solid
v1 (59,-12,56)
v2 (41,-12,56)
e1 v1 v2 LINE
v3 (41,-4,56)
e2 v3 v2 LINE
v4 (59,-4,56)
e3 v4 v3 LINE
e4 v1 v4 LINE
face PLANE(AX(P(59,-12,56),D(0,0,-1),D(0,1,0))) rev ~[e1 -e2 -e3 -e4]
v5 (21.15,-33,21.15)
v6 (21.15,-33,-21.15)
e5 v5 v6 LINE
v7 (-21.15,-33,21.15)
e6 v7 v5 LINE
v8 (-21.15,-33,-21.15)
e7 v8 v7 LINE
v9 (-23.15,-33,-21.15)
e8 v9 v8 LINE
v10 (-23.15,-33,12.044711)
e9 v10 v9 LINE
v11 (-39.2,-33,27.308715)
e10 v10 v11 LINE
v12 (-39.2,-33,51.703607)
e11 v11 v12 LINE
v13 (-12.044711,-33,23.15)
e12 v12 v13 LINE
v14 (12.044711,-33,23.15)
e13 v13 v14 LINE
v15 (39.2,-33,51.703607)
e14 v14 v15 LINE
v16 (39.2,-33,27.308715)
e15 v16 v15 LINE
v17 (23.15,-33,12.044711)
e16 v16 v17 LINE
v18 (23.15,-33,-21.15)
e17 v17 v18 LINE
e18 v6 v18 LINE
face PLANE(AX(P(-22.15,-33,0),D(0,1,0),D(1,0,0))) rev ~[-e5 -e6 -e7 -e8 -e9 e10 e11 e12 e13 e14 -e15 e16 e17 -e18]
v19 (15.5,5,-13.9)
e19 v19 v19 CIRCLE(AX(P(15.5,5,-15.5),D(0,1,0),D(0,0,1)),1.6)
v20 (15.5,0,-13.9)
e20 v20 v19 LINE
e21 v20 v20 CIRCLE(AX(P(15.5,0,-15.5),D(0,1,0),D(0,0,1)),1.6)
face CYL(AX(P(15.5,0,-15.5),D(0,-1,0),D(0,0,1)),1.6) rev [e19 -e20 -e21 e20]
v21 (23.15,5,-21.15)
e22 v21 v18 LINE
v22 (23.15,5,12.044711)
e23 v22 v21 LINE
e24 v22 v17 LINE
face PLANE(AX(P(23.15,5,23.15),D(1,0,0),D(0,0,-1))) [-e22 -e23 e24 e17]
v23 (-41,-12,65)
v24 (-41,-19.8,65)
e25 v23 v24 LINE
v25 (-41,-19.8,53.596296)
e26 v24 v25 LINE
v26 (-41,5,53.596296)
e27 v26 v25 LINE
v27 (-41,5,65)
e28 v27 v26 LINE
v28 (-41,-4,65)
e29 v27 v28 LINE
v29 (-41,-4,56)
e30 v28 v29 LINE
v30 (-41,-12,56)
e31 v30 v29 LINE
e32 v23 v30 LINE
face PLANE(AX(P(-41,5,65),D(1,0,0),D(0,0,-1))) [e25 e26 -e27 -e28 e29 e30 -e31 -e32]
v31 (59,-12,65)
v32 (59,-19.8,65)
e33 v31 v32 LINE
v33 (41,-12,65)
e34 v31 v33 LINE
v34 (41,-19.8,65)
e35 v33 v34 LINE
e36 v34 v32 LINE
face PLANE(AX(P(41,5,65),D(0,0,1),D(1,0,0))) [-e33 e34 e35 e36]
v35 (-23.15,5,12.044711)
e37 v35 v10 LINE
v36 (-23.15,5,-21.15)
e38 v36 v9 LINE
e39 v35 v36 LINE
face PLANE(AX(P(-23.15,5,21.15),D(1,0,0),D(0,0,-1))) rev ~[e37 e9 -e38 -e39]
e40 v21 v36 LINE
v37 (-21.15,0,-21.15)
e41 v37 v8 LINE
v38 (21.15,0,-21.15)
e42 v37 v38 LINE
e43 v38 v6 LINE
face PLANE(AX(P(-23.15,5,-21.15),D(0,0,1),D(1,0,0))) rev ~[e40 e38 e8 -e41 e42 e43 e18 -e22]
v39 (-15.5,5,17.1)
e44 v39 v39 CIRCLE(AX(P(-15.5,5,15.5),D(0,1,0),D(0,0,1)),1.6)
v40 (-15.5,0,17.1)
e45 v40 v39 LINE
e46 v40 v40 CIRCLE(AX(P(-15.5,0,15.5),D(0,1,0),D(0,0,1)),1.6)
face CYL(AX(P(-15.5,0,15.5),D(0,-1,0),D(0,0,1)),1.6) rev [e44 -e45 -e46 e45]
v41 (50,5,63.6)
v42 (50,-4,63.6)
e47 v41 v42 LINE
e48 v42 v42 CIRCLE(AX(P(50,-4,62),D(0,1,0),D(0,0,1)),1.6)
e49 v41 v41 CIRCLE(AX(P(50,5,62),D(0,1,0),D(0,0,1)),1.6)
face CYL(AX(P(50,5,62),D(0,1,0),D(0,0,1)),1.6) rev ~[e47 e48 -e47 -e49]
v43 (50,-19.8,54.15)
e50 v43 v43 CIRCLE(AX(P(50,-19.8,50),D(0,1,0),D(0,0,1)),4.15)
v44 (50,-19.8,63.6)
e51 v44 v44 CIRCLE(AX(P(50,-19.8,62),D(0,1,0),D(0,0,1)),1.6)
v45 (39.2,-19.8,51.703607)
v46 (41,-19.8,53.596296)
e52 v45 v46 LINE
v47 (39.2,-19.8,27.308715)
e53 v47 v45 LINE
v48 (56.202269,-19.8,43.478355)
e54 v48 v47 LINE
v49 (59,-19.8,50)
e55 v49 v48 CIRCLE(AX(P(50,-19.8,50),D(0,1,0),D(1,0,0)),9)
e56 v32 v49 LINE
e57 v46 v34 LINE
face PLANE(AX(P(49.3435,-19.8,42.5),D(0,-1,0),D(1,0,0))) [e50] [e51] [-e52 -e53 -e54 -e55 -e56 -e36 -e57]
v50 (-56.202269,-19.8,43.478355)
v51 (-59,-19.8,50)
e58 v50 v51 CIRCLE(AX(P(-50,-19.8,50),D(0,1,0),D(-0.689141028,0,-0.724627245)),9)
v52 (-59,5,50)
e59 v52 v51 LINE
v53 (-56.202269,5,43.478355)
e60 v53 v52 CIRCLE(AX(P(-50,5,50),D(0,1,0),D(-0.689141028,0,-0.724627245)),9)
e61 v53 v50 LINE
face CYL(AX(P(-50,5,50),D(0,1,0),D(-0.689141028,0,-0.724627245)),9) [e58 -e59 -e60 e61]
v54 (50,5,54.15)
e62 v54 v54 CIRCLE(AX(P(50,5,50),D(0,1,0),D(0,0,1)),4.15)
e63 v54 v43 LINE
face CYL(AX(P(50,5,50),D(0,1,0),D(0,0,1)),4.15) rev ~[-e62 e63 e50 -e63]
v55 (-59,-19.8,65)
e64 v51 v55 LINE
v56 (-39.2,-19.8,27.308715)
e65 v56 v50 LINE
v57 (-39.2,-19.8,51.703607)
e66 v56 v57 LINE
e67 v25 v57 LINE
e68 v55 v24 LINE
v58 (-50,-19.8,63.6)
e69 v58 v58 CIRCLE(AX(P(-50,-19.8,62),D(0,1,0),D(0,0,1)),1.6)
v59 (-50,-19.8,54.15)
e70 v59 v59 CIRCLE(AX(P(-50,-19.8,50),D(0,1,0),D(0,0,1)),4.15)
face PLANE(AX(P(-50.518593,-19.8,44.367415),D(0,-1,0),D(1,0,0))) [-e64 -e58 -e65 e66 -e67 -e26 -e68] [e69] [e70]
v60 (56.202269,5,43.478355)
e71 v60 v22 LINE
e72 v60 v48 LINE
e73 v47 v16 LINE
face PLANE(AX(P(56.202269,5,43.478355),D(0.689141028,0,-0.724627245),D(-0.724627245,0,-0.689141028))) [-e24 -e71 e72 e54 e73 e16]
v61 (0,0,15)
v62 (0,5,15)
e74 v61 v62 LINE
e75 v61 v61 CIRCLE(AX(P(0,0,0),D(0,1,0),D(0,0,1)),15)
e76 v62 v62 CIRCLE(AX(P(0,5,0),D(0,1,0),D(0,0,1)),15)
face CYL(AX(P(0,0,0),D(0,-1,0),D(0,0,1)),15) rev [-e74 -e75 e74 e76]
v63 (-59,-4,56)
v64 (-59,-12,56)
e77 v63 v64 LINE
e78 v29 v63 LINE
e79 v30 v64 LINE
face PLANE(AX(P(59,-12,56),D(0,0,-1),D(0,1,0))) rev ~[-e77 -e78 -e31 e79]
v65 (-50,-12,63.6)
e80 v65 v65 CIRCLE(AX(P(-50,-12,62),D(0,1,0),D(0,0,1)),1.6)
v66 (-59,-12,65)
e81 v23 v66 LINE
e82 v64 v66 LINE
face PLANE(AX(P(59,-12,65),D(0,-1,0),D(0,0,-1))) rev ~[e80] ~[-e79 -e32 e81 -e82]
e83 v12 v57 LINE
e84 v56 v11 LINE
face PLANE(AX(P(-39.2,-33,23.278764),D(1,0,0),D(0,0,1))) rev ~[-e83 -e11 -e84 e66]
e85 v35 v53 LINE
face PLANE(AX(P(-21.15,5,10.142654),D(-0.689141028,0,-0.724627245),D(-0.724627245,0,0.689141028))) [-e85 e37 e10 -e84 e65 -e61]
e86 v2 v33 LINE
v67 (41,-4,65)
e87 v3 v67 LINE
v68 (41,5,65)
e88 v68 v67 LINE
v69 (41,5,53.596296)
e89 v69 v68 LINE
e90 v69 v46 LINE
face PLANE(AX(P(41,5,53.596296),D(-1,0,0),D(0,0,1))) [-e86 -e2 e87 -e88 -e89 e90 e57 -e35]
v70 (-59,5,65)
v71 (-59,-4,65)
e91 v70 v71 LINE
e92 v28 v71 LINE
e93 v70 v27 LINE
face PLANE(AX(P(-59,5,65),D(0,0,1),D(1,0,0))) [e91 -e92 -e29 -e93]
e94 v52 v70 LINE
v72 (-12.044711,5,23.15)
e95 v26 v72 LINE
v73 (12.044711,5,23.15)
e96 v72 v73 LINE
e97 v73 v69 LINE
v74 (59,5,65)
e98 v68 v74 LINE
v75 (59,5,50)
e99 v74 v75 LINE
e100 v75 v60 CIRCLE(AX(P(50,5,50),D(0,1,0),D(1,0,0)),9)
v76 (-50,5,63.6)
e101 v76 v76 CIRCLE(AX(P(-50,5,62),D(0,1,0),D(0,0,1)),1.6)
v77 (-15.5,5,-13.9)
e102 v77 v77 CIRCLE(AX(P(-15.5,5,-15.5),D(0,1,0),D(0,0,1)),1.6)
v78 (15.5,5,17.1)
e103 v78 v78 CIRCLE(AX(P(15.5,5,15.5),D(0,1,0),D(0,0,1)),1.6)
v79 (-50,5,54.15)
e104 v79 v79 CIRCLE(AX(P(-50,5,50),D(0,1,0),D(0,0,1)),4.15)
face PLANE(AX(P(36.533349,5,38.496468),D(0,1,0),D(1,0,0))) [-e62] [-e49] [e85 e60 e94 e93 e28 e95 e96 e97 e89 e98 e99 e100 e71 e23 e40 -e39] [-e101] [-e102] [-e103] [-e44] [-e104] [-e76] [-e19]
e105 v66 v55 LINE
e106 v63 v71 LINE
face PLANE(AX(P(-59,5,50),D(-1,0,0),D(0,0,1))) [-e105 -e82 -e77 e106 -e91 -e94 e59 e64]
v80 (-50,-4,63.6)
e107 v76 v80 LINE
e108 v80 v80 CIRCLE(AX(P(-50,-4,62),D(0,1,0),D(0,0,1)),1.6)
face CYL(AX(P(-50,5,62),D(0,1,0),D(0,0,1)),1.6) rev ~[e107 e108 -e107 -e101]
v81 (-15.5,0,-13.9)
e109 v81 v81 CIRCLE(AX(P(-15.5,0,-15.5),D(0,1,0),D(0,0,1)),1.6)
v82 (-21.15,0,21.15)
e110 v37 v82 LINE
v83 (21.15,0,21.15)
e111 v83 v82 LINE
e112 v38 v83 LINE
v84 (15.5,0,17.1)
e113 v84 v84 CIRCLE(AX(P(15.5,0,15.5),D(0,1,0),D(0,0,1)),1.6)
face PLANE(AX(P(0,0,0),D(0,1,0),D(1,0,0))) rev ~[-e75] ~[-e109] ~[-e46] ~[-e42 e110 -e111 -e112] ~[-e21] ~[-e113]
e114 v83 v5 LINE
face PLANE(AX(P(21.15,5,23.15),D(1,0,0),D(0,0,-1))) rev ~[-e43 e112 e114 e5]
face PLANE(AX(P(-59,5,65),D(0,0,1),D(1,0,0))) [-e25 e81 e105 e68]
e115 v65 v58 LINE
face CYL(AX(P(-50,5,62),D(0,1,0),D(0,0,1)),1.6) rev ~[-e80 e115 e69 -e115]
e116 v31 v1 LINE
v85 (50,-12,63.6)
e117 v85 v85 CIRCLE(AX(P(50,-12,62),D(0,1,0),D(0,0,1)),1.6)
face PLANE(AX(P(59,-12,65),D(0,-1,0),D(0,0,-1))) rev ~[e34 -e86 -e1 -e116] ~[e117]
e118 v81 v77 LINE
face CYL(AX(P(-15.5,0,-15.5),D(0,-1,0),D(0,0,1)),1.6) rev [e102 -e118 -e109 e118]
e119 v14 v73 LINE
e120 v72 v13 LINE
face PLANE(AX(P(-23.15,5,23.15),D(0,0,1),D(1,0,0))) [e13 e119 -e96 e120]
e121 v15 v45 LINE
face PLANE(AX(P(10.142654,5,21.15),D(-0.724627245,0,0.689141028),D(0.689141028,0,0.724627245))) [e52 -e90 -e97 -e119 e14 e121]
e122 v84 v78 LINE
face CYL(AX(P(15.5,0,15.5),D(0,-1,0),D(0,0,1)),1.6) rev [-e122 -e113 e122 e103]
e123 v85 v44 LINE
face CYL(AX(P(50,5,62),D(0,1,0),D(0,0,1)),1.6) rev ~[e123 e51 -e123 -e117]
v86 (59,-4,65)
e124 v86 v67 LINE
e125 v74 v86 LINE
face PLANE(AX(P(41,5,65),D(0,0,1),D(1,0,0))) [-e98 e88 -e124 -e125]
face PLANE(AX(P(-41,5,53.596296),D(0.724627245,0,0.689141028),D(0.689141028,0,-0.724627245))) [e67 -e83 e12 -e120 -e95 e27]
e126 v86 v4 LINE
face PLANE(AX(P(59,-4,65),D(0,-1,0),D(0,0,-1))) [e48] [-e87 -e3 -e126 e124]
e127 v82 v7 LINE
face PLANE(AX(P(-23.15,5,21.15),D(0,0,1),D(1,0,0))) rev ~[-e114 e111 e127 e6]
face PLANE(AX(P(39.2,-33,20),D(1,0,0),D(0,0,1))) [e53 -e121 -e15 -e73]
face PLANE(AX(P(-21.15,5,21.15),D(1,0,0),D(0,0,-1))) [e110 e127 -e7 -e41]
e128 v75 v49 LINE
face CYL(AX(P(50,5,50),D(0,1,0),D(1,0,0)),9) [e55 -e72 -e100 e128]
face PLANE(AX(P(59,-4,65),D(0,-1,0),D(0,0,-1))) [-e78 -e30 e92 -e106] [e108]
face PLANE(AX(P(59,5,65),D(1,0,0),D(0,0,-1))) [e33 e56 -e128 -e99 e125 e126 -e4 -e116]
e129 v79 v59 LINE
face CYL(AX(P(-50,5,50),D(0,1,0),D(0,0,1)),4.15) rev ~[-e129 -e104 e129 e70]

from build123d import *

# Parameters (mm, degrees)
SKETCH_6_W          = 42.3
SKETCH_6_H          = 42.3
SKETCH_6_R          = 1.6
SKETCH_6_R_2        = 15
EXTRUDE_1_DEPTH     = 5
SKETCH_7_R          = 1.6
SKETCH_7_R_2        = 4.15
EXTRUDE_5_DEPTH     = 38
SKETCH_7_7_R        = 4.15
SKETCH_7_7_R_2      = 1.6
EXTRUDE_7_DEPTH     = 38
SKETCH_7_8_R        = 4.15
SKETCH_7_8_R_2      = 1.6
EXTRUDE_8_DEPTH     = 38
SKETCH_12_W         = 2
SKETCH_12_H         = 44.3
EXTRUDE_11_DEPTH    = 38
SKETCH_14_W         = 44.3
SKETCH_14_H         = 2
EXTRUDE_12_DEPTH    = 38
SKETCH_15_W         = 2
SKETCH_15_H         = 42.3
EXTRUDE_13_DEPTH    = 38
SKETCH_17_W         = 20.286999771
SKETCH_17_H         = 45
SKETCH_17_W_2       = 22.63718559
SKETCH_17_H_2       = 42.177300538
CUT_EXTRUDE_1_DEPTH = 13.2
SKETCH_18_W         = 9
SKETCH_18_H         = 8
CUT_EXTRUDE_2_DEPTH = 123


with BuildPart() as part:
    # 草图6 → 凸台-拉伸1 (new body)
    with BuildSketch(Plane(origin=(0, 0, 0), x_dir=(1, 0, 0), z_dir=(0, 1, 0))):
        Rectangle(SKETCH_6_W, SKETCH_6_H)
        with Locations(Location((15.5, 15.5, 0), (0, 0, 270))):
            Circle(SKETCH_6_R, mode=Mode.SUBTRACT)
        with Locations(Location((-15.5, 15.5, 0), (0, 0, 270))):
            Circle(SKETCH_6_R, mode=Mode.SUBTRACT)
        with Locations(Location((-15.5, -15.5, 0), (0, 0, 270))):
            Circle(SKETCH_6_R, mode=Mode.SUBTRACT)
        with Locations(Location((15.5, -15.5, 0), (0, 0, 270))):
            Circle(SKETCH_6_R, mode=Mode.SUBTRACT)
        with Locations(Location((0, 0, 0), (0, 0, 270))):
            Circle(SKETCH_6_R_2, mode=Mode.SUBTRACT)
    extrude(amount=EXTRUDE_1_DEPTH)

    # 草图7 → 凸台-拉伸5 (add)
    with BuildSketch(Plane(origin=(0, 5, 0), x_dir=(1, 0, 0), z_dir=(0, 1, 0))):
        with BuildLine():
            Line((56.202269248, -43.478354795), (21.15, -10.142654247))
            Line((21.15, -10.142654247), (21.15, -21.15))
            Line((21.15, -21.15), (10.142654247, -21.15))
            Line((10.142654247, -21.15), (41, -53.596295528))
            Line((41, -53.596295528), (41, -65))
            Line((41, -65), (59, -65))
            Line((59, -65), (59, -50))
            ThreePointArc((59, -50), (58.271046585, -46.45179082), (56.202269248, -43.478354795))
        make_face()
        with Locations(Location((50, -62, 0), (0, 0, 270))):
            Circle(SKETCH_7_R, mode=Mode.SUBTRACT)
        with Locations(Location((50, -50, 0), (0, 0, 270))):
            Circle(SKETCH_7_R_2, mode=Mode.SUBTRACT)
        with BuildLine():
            Line((-41, -53.596295528), (-10.142654247, -21.15))
            Line((-10.142654247, -21.15), (-21.15, -21.15))
            Line((-21.15, -21.15), (-21.15, -10.142654247))
            Line((-21.15, -10.142654247), (-56.202269248, -43.478354795))
            ThreePointArc((-56.202269248, -43.478354795), (-58.271046585, -46.45179082), (-59, -50))
            Line((-59, -50), (-59, -65))
            Line((-59, -65), (-41, -65))
            Line((-41, -65), (-41, -53.596295528))
        make_face()
        with Locations(Location((-50, -62, 0), (0, 0, 270))):
            Circle(SKETCH_7_R, mode=Mode.SUBTRACT)
        with Locations(Location((-50, -50, 0), (0, 0, 270))):
            Circle(SKETCH_7_R_2, mode=Mode.SUBTRACT)
    extrude(amount=-EXTRUDE_5_DEPTH)


with BuildPart() as extrude_7_tool:
    # 草图7<7> → 凸台-拉伸7 (new body)
    with BuildSketch(Plane(origin=(0, 5, 0), x_dir=(1, 0, 0), z_dir=(0, 1, 0))):
        with Locations(Location((-50, -50, 0), (0, 0, 270))):
            Circle(SKETCH_7_7_R)
        with Locations(Location((50, -50, 0), (0, 0, 270))):
            Circle(SKETCH_7_7_R)
        with Locations(Location((50, -62, 0), (0, 0, 270))):
            Circle(SKETCH_7_7_R_2)
        with Locations(Location((-50, -62, 0), (0, 0, 270))):
            Circle(SKETCH_7_7_R_2)
    extrude(amount=EXTRUDE_7_DEPTH)


with BuildPart() as part_1:
    add(part.part)


with BuildPart() as part_2:
    # 凸台-拉伸7: joined with extrude_7_tool
    add(part_1.part.fuse(extrude_7_tool.part, tol=0.00001))


with BuildPart() as extrude_7_kept_piece:
    # of the separate pieces the step leaves, the one the design keeps (extrude_7_pieces_kept)
    add(part_2.part.solids().sort_by_distance((-10.142654247, 0, 21.15))[0])


with BuildPart() as extrude_8_tool:
    # 草图7<8> → 凸台-拉伸8 (new body)
    with BuildSketch(Plane(origin=(0, 5, 0), x_dir=(1, 0, 0), z_dir=(0, 1, 0))):
        with Locations(Location((-50, -50, 0), (0, 0, 270))):
            Circle(SKETCH_7_8_R)
        with Locations(Location((50, -50, 0), (0, 0, 270))):
            Circle(SKETCH_7_8_R)
        with Locations(Location((50, -62, 0), (0, 0, 270))):
            Circle(SKETCH_7_8_R_2)
        with Locations(Location((-50, -62, 0), (0, 0, 270))):
            Circle(SKETCH_7_8_R_2)
    extrude(amount=EXTRUDE_8_DEPTH)


with BuildPart() as extrude_7_kept_piece_1:
    add(extrude_7_kept_piece.part)


with BuildPart() as extrude_7_kept_piece_2:
    # 凸台-拉伸8: joined with extrude_8_tool
    add(extrude_7_kept_piece_1.part.fuse(extrude_8_tool.part, tol=0.00001))


with BuildPart() as extrude_8_kept_piece:
    # of the separate pieces the step leaves, the one the design keeps (extrude_8_pieces_kept)
    add(extrude_7_kept_piece_2.part.solids().sort_by_distance((-10.142654247, 0, 21.15))[0])

    # 草图12 → 凸台-拉伸11 (add)
    with BuildSketch(Plane(origin=(0, 5, 0), x_dir=(1, 0, 0), z_dir=(0, 1, 0))):
        with Locations((22.15, -1)):
            Rectangle(SKETCH_12_W, SKETCH_12_H)
    extrude(amount=-EXTRUDE_11_DEPTH)

    # 草图14 → 凸台-拉伸12 (add)
    with BuildSketch(Plane(origin=(0, 5, 0), x_dir=(1, 0, 0), z_dir=(0, 1, 0))):
        with Locations((-1, -22.15)):
            Rectangle(SKETCH_14_W, SKETCH_14_H)
    extrude(amount=-EXTRUDE_12_DEPTH)

    # 草图15 → 凸台-拉伸13 (add)
    with BuildSketch(Plane(origin=(0, 5, 0), x_dir=(1, 0, 0), z_dir=(0, 1, 0))):
        with Locations((-22.15, 0)):
            Rectangle(SKETCH_15_W, SKETCH_15_H)
    extrude(amount=-EXTRUDE_13_DEPTH)

    # 草图17 → 切除-拉伸1 (cut)
    with BuildSketch(Plane.XZ.offset(33)):
        with Locations((49.343499886, 42.5)):
            Rectangle(SKETCH_17_W, SKETCH_17_H)
        with Locations((-50.518592795, 44.367414657)):
            Rectangle(SKETCH_17_W_2, SKETCH_17_H_2)
    extrude(amount=-CUT_EXTRUDE_1_DEPTH, mode=Mode.SUBTRACT)

    # 草图18 → 切除-拉伸2 (cut)
    with BuildSketch(Plane(origin=(59, 0, 0), x_dir=(0, 0, -1), z_dir=(1, 0, 0))):
        with Locations((-60.5, -8)):
            Rectangle(SKETCH_18_W, SKETCH_18_H)
    extrude(amount=-CUT_EXTRUDE_2_DEPTH, mode=Mode.SUBTRACT)


solid = extrude_8_kept_piece.part
